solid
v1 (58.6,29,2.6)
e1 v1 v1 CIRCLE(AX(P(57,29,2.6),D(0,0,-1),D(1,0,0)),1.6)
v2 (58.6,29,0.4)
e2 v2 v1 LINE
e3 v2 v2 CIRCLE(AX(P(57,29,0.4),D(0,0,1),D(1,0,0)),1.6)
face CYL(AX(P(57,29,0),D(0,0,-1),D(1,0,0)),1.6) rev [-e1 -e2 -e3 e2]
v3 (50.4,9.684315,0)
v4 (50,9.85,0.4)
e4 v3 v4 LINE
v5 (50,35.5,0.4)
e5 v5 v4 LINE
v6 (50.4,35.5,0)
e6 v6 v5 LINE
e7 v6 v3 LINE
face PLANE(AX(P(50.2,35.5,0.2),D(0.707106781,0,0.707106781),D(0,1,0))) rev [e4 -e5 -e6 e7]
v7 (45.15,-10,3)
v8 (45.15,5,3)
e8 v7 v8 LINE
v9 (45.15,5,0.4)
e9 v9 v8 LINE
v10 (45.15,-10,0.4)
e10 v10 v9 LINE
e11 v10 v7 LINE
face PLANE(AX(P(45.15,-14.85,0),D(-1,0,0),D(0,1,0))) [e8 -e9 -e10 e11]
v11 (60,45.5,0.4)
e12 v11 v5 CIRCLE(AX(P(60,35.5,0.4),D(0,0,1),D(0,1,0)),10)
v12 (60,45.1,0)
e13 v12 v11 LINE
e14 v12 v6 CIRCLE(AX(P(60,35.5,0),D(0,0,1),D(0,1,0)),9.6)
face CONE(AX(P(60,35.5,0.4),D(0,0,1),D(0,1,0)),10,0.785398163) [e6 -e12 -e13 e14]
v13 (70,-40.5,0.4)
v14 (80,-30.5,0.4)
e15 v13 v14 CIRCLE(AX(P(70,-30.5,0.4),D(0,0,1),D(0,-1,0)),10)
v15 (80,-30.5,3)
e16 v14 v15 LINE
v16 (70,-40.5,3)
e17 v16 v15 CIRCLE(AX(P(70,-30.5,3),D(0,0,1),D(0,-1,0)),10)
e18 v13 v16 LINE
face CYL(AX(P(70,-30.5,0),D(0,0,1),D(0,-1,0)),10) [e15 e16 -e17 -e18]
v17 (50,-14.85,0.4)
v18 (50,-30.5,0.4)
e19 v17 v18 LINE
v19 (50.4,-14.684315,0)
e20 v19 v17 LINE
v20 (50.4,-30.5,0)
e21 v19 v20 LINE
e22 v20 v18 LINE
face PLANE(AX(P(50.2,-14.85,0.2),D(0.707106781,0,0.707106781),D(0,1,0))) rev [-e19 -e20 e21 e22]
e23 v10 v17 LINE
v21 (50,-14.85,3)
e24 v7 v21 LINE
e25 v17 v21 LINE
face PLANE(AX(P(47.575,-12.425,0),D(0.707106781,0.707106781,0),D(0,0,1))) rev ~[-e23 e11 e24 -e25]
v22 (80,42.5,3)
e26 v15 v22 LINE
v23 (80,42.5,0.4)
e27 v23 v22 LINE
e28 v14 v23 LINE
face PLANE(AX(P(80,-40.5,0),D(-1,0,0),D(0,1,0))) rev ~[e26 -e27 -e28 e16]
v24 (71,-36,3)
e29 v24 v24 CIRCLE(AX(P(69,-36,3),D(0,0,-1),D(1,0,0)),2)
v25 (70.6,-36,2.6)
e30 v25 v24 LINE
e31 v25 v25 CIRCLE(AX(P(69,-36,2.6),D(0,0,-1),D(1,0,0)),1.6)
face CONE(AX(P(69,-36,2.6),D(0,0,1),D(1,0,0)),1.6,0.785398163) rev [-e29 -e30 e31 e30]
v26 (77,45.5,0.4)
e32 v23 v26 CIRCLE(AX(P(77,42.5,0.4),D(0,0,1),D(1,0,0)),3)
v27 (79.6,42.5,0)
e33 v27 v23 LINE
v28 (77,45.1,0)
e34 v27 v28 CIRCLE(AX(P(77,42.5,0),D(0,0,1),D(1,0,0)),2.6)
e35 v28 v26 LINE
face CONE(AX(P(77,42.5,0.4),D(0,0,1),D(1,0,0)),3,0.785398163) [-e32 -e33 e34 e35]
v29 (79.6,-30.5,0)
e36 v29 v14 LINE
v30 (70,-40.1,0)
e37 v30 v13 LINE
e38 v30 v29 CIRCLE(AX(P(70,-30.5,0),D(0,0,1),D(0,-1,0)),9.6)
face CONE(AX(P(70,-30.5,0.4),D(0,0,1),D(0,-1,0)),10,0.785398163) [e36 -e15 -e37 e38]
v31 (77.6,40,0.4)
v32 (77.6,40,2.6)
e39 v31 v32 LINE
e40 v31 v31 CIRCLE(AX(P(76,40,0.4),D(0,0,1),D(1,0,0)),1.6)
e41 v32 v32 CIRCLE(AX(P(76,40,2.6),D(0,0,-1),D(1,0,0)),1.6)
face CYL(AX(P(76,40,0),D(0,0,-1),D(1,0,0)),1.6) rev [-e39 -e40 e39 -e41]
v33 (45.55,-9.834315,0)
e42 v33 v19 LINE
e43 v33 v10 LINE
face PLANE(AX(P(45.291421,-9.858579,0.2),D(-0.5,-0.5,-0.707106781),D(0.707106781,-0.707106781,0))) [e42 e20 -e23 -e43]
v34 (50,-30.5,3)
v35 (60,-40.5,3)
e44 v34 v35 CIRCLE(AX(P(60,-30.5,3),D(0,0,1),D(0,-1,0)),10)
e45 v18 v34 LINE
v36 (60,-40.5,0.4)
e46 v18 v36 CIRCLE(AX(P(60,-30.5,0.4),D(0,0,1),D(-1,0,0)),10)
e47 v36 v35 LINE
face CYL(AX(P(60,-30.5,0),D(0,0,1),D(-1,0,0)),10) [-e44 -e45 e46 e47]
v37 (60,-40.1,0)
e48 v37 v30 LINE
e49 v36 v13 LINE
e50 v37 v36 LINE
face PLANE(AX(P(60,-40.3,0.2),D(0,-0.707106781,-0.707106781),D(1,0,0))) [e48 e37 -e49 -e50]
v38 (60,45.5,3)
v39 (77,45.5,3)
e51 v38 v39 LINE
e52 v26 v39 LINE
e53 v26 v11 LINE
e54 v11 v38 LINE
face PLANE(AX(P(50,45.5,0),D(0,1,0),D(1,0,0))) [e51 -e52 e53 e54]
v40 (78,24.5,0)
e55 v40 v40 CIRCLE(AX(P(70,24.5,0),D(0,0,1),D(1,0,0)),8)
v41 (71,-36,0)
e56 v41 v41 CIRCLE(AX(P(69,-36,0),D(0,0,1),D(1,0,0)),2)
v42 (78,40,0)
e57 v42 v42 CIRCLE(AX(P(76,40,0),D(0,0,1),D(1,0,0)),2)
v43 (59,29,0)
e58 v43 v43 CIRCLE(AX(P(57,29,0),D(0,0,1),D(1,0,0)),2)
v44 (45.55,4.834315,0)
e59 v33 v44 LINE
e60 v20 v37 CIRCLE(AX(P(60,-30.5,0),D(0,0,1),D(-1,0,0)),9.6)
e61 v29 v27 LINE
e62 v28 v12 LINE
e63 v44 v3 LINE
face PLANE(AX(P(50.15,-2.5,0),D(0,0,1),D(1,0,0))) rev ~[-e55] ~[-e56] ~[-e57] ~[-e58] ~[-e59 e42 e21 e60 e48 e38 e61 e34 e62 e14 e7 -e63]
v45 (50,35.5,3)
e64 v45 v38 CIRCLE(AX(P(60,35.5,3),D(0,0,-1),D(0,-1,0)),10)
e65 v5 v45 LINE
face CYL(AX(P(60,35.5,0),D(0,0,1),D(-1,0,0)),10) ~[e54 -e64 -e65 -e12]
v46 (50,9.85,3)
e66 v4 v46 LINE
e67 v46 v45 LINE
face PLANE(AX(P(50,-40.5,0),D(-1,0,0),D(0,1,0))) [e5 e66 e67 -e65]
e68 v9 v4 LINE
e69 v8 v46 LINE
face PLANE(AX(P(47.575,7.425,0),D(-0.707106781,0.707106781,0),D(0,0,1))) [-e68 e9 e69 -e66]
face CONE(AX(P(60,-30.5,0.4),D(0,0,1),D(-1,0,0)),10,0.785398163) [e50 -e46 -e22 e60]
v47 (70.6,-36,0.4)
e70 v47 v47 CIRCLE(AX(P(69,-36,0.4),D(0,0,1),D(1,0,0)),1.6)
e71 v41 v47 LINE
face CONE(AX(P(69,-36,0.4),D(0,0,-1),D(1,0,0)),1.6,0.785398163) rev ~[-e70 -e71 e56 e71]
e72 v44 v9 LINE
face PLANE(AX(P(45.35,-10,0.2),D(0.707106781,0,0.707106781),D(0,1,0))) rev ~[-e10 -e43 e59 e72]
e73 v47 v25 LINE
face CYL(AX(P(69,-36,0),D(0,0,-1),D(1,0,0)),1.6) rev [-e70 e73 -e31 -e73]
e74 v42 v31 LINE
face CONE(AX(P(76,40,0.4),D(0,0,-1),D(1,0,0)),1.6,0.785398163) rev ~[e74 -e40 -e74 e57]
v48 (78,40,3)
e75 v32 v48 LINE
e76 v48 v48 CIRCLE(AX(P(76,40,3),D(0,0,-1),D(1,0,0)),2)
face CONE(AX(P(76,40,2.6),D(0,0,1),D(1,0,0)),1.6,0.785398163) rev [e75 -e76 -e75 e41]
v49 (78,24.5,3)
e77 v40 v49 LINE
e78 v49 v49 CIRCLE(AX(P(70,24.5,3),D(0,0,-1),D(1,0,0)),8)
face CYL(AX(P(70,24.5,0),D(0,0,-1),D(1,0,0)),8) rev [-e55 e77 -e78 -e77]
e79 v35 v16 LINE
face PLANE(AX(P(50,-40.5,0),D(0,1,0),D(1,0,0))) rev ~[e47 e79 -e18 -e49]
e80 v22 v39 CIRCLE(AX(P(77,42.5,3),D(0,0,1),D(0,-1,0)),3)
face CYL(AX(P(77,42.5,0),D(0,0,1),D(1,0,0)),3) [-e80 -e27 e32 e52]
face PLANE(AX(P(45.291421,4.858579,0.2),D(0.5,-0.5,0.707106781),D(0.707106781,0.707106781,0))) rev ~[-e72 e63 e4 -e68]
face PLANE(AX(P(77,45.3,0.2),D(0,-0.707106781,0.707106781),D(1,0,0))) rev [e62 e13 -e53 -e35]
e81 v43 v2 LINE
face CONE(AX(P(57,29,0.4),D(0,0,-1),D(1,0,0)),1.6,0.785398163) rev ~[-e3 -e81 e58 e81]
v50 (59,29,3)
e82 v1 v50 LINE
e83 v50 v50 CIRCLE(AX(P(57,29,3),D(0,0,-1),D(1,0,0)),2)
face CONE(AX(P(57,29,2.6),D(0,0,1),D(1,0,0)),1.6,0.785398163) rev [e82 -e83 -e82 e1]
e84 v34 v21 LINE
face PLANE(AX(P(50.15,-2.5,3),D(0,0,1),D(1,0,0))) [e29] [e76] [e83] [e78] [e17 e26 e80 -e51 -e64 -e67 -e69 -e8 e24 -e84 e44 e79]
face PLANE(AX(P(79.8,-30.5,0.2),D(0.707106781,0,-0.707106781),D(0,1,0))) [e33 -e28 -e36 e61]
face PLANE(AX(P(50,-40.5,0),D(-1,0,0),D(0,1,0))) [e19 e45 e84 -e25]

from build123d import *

# Parameters (mm, degrees)
CYLINDER024_R     = 8
CYLINDER024_DEPTH = 10
BOX038_W          = 10
BOX038_H          = 24.7
BOX038_DEPTH      = 3
CHAMFER043_SIZE   = 4.85
CYLINDER022_R     = 1.6
CYLINDER022_DEPTH = 10
CYLINDER018_R     = 1.6
CYLINDER018_DEPTH = 10
CYLINDER023_R     = 1.6
CYLINDER023_DEPTH = 10
BOX036_W          = 30
BOX036_H          = 86
BOX036_DEPTH      = 3
FILLET008_R       = 10
FILLET010_R       = 10
FILLET012_R       = 3
CHAMFER044_SIZE   = 0.4
CHAMFER047_SIZE   = 0.4


with BuildPart() as cylinder024:
    # Cylinder024 → Cylinder024 (new body)
    with BuildSketch(Plane(origin=(70, 24.5, 0), x_dir=(1, 0, 0), z_dir=(0, 0, 1))):
        Circle(CYLINDER024_R)
    extrude(amount=CYLINDER024_DEPTH)


with BuildPart() as chamfer043:
    # Box038 → Box038 (new body)
    with BuildSketch(Plane(origin=(45.15, -14.85, 0), x_dir=(1, 0, 0), z_dir=(0, 0, 1))):
        with Locations((5, 12.35)):
            Rectangle(BOX038_W, BOX038_H)
    extrude(amount=BOX038_DEPTH)

    # Chamfer043
    chamfer043_edges = [chamfer043.edges().sort_by_distance(p)[0] for p in [
        (45.15, -14.85, 1.5),
        (45.15, 9.85, 1.5),
    ]]
    chamfer(chamfer043_edges, length=CHAMFER043_SIZE)


with BuildPart() as cylinder022:
    # Cylinder022 → Cylinder022 (new body)
    with BuildSketch(Plane(origin=(76, 40, 0), x_dir=(1, 0, 0), z_dir=(0, 0, 1))):
        Circle(CYLINDER022_R)
    extrude(amount=CYLINDER022_DEPTH)


with BuildPart() as cylinder018:
    # Cylinder018 → Cylinder018 (new body)
    with BuildSketch(Plane(origin=(57, 29, 0), x_dir=(1, 0, 0), z_dir=(0, 0, 1))):
        Circle(CYLINDER018_R)
    extrude(amount=CYLINDER018_DEPTH)


with BuildPart() as fusion002003014:
    # Cylinder023 → Cylinder023 (new body)
    with BuildSketch(Plane(origin=(69, -36, 0), x_dir=(1, 0, 0), z_dir=(0, 0, 1))):
        Circle(CYLINDER023_R)
    extrude(amount=CYLINDER023_DEPTH)

    # Fusion002003014: union Cylinder022, Cylinder018
    add(cylinder022.part)
    add(cylinder018.part)


with BuildPart() as right_drill:
    # Box036 → Box036 (new body)
    with BuildSketch(Plane(origin=(50, -40.5, 0), x_dir=(1, 0, 0), z_dir=(0, 0, 1))):
        with Locations((15, 43)):
            Rectangle(BOX036_W, BOX036_H)
    extrude(amount=BOX036_DEPTH)

    # Cut011: cut Fusion002003014
    add(fusion002003014.part, mode=Mode.SUBTRACT)

    # Fusion002003017: union Chamfer043
    add(chamfer043.part)

    # Fillet008
    fillet008_edges = [right_drill.edges().sort_by_distance(p)[0] for p in [
        (50, -40.5, 1.5),
        (50, 45.5, 1.5),
    ]]
    fillet(fillet008_edges, radius=FILLET008_R)

    # Fillet010
    fillet010_edges = [right_drill.edges().sort_by_distance(p)[0] for p in [
        (80, -40.5, 1.5),
    ]]
    fillet(fillet010_edges, radius=FILLET010_R)

    # Fillet012
    fillet012_edges = [right_drill.edges().sort_by_distance(p)[0] for p in [
        (80, 45.5, 1.5),
    ]]
    fillet(fillet012_edges, radius=FILLET012_R)

    # Chamfer044
    chamfer044_edges = [right_drill.edges().sort_by_distance(p)[0] for p in [
        (80, 6, 0),
        (79.12132, 44.62132, 0),
        (77.071068, -37.571068, 0),
        (68.5, 45.5, 0),
        (65, -40.5, 0),
        (52.928932, 42.571068, 0),
        (52.928932, -37.571068, 0),
        (50, 22.675, 0),
        (50, -22.675, 0),
        (47.575, 7.425, 0),
        (47.575, -12.425, 0),
        (45.15, -2.5, 0),
        (55.4, 29, 0),
        (67.4, -36, 0),
        (74.4, 40, 0),
    ]]
    chamfer(chamfer044_edges, length=CHAMFER044_SIZE)

    # Chamfer047
    chamfer047_edges = [right_drill.edges().sort_by_distance(p)[0] for p in [
        (55.4, 29, 3),
        (67.4, -36, 3),
        (74.4, 40, 3),
    ]]
    chamfer(chamfer047_edges, length=CHAMFER047_SIZE)

    # Cut013: cut Cylinder024
    add(cylinder024.part, mode=Mode.SUBTRACT)


solid = right_drill.part
